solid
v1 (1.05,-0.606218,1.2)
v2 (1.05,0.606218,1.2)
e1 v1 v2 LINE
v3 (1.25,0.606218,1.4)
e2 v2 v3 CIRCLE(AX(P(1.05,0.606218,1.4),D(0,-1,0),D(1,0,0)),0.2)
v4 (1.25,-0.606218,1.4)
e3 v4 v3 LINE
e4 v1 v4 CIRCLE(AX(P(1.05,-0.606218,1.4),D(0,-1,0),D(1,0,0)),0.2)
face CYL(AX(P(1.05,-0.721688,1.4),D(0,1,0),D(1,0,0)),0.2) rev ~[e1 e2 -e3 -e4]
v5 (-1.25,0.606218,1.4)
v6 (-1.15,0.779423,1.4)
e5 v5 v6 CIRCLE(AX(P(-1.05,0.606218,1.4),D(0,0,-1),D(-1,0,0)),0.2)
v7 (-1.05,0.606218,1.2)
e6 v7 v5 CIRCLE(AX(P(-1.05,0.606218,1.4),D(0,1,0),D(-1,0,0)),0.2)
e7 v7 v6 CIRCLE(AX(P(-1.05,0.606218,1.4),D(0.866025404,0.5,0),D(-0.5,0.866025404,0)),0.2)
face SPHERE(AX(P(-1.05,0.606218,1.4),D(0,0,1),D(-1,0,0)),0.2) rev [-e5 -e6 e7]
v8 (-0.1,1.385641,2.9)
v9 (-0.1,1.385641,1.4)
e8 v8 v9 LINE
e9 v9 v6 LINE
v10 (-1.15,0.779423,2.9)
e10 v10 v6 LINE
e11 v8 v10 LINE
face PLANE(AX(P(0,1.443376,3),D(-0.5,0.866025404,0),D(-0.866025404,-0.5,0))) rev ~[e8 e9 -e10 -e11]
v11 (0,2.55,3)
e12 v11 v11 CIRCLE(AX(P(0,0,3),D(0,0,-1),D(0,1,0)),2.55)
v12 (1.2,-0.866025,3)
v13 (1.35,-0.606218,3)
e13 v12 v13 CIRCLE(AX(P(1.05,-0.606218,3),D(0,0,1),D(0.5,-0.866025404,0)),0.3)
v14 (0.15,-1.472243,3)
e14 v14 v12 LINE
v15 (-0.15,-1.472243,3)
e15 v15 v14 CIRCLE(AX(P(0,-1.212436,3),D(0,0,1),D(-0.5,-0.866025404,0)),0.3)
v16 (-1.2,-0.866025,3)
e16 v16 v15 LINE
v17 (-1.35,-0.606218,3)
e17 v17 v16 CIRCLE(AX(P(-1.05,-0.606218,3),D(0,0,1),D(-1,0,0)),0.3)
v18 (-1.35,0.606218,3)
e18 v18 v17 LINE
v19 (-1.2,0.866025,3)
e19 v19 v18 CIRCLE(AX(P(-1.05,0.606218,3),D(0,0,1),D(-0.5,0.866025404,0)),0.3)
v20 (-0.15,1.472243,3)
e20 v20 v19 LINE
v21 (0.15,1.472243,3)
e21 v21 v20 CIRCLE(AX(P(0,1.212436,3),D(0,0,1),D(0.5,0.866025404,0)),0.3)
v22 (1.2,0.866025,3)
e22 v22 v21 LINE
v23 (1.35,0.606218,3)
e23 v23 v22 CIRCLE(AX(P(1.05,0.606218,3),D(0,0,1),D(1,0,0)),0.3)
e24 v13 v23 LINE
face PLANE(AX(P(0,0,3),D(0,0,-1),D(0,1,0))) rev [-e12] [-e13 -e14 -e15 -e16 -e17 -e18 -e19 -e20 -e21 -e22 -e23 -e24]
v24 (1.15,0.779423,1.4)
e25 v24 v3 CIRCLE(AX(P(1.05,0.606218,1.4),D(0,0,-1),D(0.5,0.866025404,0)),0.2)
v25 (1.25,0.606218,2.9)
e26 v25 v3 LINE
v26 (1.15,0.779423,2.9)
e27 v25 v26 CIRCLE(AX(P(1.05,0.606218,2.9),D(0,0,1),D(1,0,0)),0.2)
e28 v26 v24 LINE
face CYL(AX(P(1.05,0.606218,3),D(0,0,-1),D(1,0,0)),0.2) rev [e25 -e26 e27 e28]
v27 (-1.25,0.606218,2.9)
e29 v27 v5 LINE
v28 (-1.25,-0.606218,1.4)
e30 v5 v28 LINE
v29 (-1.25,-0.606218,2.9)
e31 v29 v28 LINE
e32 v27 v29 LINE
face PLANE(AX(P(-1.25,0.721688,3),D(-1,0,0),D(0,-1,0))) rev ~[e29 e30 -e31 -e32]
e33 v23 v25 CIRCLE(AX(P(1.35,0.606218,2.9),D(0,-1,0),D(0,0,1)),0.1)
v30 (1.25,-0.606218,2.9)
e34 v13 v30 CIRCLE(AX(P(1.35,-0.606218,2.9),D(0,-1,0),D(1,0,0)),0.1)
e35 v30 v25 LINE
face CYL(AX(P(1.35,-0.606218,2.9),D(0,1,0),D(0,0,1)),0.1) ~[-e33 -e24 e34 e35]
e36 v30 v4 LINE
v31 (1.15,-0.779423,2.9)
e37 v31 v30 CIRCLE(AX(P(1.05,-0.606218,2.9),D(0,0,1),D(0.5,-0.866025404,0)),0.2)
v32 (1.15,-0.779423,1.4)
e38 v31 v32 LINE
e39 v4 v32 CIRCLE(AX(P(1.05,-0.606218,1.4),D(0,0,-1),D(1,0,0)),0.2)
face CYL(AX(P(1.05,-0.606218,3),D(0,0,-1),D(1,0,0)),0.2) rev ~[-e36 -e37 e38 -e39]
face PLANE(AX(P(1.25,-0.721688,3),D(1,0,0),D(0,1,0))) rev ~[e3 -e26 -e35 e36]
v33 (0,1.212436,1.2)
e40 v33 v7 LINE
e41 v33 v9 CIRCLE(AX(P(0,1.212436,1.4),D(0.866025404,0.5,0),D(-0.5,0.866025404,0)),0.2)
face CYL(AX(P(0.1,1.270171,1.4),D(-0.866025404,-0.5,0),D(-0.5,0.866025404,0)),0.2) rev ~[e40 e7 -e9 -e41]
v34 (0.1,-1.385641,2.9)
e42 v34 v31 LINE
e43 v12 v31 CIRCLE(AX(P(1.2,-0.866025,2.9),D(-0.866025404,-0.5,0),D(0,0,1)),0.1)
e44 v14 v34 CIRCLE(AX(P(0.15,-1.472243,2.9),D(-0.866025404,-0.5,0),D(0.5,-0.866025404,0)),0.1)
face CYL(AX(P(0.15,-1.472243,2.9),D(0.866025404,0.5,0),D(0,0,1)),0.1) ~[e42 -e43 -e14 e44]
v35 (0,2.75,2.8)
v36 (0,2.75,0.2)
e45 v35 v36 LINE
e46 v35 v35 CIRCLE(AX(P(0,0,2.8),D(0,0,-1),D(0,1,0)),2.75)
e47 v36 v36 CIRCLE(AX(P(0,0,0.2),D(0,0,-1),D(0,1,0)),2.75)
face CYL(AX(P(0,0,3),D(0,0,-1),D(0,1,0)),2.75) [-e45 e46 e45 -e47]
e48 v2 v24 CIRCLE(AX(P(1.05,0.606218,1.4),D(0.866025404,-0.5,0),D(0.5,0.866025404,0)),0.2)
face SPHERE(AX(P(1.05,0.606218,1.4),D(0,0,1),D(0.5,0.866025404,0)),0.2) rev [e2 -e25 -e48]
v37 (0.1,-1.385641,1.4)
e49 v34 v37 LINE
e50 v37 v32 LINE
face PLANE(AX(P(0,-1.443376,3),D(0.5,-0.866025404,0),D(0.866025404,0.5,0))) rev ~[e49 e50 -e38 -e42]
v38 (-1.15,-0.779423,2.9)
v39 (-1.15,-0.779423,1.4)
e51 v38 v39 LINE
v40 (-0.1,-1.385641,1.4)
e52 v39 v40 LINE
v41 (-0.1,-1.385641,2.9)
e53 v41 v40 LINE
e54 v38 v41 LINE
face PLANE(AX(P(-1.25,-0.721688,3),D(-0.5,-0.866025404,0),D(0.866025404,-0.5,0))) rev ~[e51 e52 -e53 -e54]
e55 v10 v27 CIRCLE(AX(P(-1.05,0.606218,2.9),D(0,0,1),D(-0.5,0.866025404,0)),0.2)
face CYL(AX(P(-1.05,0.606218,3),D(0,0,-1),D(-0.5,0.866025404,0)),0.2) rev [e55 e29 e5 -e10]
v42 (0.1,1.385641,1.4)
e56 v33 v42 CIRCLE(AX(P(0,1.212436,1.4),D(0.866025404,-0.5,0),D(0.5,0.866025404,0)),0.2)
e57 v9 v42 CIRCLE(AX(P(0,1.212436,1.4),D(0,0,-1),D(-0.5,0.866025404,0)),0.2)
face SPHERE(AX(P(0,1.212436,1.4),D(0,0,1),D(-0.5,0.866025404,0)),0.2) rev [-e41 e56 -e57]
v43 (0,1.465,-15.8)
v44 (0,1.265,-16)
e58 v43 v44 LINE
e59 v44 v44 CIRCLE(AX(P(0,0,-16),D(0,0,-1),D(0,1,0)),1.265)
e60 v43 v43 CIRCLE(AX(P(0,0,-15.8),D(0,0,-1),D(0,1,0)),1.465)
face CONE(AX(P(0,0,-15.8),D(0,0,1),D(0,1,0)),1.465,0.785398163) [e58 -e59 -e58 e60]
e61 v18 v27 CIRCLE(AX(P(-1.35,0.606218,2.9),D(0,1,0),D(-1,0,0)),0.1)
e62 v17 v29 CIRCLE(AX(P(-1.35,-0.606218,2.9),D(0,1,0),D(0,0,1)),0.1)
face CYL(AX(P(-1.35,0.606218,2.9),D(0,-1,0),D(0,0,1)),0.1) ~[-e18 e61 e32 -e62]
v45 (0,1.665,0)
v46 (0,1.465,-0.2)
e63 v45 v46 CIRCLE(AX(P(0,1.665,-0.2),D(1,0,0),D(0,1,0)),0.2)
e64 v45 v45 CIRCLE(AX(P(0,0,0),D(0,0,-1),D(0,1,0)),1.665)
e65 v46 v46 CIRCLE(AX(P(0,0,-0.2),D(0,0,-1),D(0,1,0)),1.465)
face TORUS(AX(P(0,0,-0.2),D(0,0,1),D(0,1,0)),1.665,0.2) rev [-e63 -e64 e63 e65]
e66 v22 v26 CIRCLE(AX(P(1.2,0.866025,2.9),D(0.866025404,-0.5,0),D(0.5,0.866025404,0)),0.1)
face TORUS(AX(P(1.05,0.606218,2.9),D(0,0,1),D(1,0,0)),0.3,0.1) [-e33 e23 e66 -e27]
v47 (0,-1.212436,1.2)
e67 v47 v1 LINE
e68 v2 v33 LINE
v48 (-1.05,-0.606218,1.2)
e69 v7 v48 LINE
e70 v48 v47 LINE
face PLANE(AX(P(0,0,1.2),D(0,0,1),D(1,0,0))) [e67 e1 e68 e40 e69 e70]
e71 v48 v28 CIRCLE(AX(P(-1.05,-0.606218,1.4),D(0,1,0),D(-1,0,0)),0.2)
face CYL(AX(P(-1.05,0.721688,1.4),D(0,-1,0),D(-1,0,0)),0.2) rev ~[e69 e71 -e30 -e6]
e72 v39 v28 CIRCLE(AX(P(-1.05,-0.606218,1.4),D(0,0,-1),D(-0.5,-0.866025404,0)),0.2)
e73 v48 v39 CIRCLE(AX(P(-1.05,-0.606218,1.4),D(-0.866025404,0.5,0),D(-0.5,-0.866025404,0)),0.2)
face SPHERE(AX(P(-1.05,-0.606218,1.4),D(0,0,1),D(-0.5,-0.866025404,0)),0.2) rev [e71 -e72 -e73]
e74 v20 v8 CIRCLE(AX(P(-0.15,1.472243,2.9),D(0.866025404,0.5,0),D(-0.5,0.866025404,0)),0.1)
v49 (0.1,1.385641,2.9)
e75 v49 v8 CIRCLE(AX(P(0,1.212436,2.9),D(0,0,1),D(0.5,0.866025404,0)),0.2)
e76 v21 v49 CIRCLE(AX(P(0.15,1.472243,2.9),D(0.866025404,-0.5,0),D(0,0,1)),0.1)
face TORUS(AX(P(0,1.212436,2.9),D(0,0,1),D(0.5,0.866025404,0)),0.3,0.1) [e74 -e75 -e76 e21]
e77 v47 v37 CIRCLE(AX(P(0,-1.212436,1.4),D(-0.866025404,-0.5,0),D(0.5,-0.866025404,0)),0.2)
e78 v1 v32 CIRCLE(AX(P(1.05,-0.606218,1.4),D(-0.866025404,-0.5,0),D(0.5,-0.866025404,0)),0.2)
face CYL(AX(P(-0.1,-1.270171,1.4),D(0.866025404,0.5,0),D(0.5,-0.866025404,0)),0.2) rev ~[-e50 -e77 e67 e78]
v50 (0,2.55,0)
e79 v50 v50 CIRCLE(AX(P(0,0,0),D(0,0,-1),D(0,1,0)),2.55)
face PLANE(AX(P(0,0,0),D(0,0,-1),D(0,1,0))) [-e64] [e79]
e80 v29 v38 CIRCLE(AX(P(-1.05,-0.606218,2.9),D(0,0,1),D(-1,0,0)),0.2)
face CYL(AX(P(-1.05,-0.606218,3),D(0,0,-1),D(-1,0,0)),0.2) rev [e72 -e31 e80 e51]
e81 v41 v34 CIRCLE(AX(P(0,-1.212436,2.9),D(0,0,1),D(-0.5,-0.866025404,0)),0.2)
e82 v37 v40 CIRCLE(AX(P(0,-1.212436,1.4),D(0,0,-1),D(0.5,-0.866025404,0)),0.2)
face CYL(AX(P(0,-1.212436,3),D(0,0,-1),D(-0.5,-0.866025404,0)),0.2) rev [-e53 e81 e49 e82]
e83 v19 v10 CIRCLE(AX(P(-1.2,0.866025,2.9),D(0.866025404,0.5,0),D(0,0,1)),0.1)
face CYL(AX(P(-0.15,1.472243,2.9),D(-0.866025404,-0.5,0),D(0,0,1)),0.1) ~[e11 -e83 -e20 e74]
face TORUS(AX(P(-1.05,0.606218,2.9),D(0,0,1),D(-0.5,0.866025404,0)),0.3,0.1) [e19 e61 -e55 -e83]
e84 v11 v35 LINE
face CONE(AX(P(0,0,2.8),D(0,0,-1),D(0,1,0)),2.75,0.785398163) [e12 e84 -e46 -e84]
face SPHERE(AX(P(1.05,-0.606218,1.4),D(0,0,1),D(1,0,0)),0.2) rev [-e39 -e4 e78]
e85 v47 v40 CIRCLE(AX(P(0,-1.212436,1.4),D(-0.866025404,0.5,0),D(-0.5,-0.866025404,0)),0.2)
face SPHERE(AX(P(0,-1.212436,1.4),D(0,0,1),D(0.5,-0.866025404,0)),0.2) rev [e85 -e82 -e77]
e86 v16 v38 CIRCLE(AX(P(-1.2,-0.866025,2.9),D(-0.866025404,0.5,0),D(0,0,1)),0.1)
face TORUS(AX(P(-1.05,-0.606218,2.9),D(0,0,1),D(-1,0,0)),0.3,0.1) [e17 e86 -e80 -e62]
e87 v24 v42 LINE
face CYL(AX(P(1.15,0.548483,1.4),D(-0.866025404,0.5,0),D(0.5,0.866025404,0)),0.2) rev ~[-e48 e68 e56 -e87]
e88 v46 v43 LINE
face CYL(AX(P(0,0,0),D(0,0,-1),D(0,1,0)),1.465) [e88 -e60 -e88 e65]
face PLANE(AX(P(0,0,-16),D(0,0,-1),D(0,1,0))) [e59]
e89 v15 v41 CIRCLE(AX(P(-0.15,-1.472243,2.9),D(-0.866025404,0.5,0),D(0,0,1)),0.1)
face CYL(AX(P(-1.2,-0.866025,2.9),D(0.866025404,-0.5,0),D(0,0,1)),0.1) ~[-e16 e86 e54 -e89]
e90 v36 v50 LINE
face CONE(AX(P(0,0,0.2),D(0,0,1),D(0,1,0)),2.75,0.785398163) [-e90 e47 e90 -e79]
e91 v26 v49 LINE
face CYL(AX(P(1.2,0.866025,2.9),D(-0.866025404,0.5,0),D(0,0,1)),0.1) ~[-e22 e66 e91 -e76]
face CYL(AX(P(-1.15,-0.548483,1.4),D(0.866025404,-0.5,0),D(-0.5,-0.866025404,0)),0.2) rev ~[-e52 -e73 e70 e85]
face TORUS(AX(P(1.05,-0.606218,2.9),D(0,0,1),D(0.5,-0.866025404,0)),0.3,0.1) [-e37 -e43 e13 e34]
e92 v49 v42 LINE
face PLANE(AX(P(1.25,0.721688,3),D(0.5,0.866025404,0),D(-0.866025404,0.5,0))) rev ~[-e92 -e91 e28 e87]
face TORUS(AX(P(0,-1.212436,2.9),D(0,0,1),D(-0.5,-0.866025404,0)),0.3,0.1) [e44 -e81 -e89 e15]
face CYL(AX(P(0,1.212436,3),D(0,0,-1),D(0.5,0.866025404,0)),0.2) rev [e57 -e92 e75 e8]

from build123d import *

# Parameters (mm, degrees)
SCHNITT_LINEAR_AUSTRAGEN1_DEPTH = 1.8
FASE1_SIZE                      = 0.2
VERRUNDUNG1_R                   = 0.2
VERRUNDUNG2_R                   = 0.1


with BuildPart() as part:
    # Skizze1 → Rotation1 (revolve)
    with BuildSketch(Plane(origin=(0, 0, 0), x_dir=(0, 0, -1), z_dir=(1, 0, 0))):
        Polygon((-3, 0), (-3, 2.75), (0, 2.75), (0, 1.465), (16, 1.465), (16, 0), align=None)
    revolve(axis=Axis((0, 0, 21.919879518), (0, 0, -1)))

    # Skizze2 → Schnitt-Linear austragen1 (cut)
    with BuildSketch(Plane.XY.offset(3)):
        Polygon((1.25, -0.721687836), (1.25, 0.721687836), (0, 1.443375673), (-1.25, 0.721687836), (-1.25, -0.721687836), (0, -1.443375673), align=None)
    extrude(amount=-SCHNITT_LINEAR_AUSTRAGEN1_DEPTH, mode=Mode.SUBTRACT)

    # Fase1
    fase1_edges = [part.edges().sort_by_distance(p)[0] for p in [
        (0, -1.465, -16),
        (0, -2.75, 0),
        (0, -2.75, 3),
    ]]
    chamfer(fase1_edges, length=FASE1_SIZE)

    # Verrundung1
    verrundung1_edges = [part.edges().sort_by_distance(p)[0] for p in [
        (0.625, -1.082531755, 1.2),
        (1.25, -0.721687836, 2.1),
        (-0.625, -1.082531755, 1.2),
        (0, -1.443375673, 2.1),
        (-1.25, 0, 1.2),
        (-1.25, -0.721687836, 2.1),
        (-0.625, 1.082531755, 1.2),
        (-1.25, 0.721687836, 2.1),
        (0.625, 1.082531755, 1.2),
        (0, 1.443375673, 2.1),
        (1.25, 0, 1.2),
        (1.25, 0.721687836, 2.1),
        (0, -1.465, 0),
    ]]
    fillet(verrundung1_edges, radius=VERRUNDUNG1_R)

    # Verrundung2
    verrundung2_edges = [part.edges().sort_by_distance(p)[0] for p in [
        (-0.625, -1.082531755, 3),
        (-1.25, 0, 3),
        (-0.625, 1.082531755, 3),
        (0.625, 1.082531755, 3),
        (1.25, 0, 3),
        (0.625, -1.082531755, 3),
        (-1.223205081, -0.706217783, 3),
        (0, -1.412435565, 3),
        (1.223205081, -0.706217783, 3),
        (1.223205081, 0.706217783, 3),
        (0, 1.412435565, 3),
        (-1.223205081, 0.706217783, 3),
    ]]
    fillet(verrundung2_edges, radius=VERRUNDUNG2_R)


solid = part.part
